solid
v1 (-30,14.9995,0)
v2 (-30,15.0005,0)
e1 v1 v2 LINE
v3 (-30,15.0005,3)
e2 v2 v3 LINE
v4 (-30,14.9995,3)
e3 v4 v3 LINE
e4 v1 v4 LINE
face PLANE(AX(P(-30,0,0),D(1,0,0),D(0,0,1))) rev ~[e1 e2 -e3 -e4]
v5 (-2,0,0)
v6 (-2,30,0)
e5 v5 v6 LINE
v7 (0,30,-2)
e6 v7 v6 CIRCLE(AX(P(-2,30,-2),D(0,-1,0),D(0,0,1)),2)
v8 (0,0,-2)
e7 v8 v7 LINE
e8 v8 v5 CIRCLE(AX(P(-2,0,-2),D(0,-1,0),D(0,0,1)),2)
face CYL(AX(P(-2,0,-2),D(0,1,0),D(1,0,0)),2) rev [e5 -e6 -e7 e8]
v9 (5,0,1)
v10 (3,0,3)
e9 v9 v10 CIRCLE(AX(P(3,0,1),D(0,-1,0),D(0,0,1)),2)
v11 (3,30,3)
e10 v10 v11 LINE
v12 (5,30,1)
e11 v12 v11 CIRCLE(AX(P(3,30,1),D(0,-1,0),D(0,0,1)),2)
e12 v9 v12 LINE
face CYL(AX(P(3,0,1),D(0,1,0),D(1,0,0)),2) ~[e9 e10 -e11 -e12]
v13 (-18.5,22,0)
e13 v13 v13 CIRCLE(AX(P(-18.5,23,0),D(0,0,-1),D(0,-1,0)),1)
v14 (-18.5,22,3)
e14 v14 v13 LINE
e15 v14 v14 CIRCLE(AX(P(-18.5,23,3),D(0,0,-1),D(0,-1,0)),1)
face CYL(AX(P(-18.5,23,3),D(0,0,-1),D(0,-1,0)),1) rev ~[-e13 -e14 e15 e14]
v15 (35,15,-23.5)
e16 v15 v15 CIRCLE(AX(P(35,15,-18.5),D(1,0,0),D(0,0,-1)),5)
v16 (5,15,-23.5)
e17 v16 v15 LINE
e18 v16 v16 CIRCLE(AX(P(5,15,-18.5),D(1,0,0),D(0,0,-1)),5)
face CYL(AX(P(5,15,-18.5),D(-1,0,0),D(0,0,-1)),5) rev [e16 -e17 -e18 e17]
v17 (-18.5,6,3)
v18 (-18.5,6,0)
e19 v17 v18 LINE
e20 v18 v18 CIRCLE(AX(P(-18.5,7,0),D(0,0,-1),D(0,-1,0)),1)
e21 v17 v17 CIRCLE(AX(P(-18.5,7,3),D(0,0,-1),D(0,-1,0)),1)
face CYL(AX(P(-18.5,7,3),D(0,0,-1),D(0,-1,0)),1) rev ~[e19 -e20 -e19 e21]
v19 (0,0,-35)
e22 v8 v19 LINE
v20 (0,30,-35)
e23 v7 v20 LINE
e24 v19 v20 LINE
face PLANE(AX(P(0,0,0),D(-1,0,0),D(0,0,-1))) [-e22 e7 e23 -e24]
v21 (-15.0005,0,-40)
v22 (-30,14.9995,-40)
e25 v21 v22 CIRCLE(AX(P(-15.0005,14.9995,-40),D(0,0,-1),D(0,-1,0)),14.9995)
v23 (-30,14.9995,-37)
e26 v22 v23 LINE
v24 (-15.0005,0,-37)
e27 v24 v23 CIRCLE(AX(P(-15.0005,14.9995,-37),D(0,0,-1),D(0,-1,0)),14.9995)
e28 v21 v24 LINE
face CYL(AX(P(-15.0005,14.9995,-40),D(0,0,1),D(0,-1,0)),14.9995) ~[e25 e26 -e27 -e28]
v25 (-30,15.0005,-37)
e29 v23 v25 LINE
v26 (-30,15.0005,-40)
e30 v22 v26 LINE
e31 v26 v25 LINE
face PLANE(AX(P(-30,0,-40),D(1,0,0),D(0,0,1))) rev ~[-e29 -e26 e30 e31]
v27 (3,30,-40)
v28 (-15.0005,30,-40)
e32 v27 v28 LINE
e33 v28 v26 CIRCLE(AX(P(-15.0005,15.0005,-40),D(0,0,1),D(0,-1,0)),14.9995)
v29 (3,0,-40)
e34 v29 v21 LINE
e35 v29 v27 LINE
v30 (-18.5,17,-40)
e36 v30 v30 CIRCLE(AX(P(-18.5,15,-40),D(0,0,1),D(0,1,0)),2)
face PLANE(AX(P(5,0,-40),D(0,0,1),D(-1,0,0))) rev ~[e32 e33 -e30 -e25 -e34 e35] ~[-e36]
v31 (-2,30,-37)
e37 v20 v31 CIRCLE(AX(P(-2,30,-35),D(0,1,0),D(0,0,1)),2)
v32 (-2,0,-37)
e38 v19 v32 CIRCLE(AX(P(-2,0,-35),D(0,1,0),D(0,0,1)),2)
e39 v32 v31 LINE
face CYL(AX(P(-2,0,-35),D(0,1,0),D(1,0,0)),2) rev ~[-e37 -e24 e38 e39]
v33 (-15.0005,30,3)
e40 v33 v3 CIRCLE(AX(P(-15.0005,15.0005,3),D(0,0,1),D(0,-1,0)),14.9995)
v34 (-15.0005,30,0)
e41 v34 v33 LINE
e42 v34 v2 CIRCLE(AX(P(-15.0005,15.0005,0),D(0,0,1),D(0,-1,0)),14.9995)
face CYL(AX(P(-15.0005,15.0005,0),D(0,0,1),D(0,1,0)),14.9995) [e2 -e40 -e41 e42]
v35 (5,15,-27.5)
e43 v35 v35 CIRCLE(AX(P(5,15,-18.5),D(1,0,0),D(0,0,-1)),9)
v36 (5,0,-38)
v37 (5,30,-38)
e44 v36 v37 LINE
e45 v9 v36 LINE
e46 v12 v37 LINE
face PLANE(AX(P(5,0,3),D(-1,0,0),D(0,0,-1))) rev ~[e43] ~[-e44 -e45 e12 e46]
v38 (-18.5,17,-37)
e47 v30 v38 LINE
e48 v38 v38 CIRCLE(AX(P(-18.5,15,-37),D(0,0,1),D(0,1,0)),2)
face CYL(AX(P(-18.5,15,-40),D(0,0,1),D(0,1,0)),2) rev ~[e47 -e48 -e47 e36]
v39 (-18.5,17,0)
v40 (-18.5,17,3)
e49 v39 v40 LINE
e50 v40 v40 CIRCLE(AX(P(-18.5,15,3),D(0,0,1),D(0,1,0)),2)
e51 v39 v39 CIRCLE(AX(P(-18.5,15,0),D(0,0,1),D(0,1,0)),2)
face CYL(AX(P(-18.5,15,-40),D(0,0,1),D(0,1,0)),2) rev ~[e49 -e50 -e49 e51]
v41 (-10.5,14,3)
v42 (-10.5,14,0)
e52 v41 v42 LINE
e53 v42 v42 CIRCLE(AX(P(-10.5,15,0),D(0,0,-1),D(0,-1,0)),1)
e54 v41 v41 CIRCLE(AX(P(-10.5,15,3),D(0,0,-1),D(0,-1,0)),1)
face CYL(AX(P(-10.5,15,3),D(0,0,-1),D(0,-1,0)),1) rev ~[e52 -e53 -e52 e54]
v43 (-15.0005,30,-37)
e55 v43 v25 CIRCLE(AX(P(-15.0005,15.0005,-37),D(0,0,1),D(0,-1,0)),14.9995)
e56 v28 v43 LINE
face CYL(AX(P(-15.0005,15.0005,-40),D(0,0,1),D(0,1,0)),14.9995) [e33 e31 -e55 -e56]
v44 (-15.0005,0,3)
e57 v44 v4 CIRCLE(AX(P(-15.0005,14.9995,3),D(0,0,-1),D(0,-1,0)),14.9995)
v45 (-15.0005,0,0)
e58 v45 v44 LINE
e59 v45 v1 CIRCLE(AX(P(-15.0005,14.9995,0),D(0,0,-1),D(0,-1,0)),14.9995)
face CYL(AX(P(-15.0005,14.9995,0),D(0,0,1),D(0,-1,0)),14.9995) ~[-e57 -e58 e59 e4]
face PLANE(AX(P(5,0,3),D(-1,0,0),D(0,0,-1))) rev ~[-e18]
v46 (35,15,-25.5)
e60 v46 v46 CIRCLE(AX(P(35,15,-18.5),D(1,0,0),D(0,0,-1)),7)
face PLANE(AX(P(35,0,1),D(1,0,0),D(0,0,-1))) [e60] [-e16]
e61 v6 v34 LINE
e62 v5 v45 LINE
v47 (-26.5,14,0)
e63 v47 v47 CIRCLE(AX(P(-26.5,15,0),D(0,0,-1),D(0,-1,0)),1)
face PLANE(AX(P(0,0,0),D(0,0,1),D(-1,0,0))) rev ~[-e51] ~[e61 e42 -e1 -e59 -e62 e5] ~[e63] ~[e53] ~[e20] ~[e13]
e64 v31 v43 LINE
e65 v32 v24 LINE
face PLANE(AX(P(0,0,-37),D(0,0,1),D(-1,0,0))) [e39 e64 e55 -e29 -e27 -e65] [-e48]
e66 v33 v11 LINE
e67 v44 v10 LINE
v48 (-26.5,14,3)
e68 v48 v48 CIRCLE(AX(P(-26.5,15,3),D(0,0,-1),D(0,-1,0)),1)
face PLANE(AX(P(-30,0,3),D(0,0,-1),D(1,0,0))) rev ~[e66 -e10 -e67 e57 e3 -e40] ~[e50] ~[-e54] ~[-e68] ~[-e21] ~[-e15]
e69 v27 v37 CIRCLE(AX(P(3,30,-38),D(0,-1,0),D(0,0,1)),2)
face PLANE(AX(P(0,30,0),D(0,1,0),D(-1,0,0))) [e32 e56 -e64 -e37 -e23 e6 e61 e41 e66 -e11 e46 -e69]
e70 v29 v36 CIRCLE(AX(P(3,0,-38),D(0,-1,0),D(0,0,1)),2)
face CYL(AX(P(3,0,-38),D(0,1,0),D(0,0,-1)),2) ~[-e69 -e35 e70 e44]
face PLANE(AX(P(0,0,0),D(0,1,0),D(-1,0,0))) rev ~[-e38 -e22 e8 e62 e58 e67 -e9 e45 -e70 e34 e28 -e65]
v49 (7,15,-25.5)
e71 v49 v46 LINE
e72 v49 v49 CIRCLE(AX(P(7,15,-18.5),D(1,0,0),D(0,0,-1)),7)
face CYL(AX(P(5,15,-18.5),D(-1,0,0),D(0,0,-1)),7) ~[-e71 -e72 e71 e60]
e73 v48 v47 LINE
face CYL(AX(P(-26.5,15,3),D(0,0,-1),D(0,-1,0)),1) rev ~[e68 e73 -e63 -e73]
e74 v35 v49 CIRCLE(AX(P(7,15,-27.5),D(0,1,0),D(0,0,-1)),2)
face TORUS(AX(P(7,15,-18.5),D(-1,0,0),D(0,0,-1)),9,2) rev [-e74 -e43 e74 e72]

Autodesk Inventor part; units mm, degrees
ref_plane "YZ Plane" through (0, 0, 0) normal (1, 0, 0) x (0, 1, 0)
ref_plane "XZ Plane" through (0, 0, 0) normal (0, 1, 0) x (-1, 0, 0)
ref_plane "XY Plane" through (0, 0, 0) normal (0, 0, 1) x (1, 0, 0)
sketch "Sketch1" plane through (0, 0, 0) normal (0, 1, 0) x (-1, 0, 0)
  line L0 (0, 0) -> (30, 0)
  line L1 (0, 0) -> (0, -37)
  line L2 (0, -37) -> (30, -37)
  line L3 (30, 0) -> (30, 3)
  line L4 (30, 3) -> (-5, 3)
  line L5 (-5, 3) -> (-5, -40)
  line L6 (-5, -40) -> (30, -40)
  line L7 (30, -40) -> (30, -37)
  dimension "d0" = 30
  dimension "d1" = 37
  dimension "d2" = 30
  dimension "d3" = 90
  dimension "d4" = 3
  dimension "d5" = 35
  dimension "d6" = 43
extrude "Extrusion1" add sketch "Sketch1" along normal blind 30
fillet "Fillet1" radius 2 4 edges at (5, 15, 3) (5, 15, -40) (0, 15, -37) (0, 15, 0)
sketch "Sketch2" plane through (5, 0, 1) normal (1, 0, 0) x (0, 0, -1)
  line L0 (39, 30) -> (39, 0) projected
  line L1 (0, 30) -> (39, 30) projected
  line L2 (0, 0) -> (0, 30) projected
  line L3 (0, 0) -> (39, 0) projected
  circle A0 centre (19.5, 15) radius 5
  circle A1 centre (19.5, 15) radius 7
  point P0 (1, 0)
  dimension "d10" = 10
  dimension "d11" = 14
extrude "Extrusion2" add sketch "Sketch2" along normal blind 30 contours A1
fillet "Fillet2" radius 2 1 edges at (5, 15, -11.5)
fillet "Fillet3" radius 15 4 edges at (-30, 30, 1.5) (-30, 0, 1.5) (-30, 30, -38.5) (-30, 0, -38.5)
sketch "Sketch3" plane through (3, 0, 3) normal (0, 0, 1) x (1, 0, 0)
  arc A0 (-18, 30) -> (-18, 0) centre (-18, 15) ccw projected
  line L0 (-18, 0) -> (0, 0) projected
  line L1 (0, 30) -> (0, 0) projected
  line L2 (-18, 30) -> (0, 30) projected
  circle A1 centre (-21.5, 15) radius 11
  point P0 (-3, 0)
  point P1 (-29.5, 15)
  point P2 (-21.5, 23)
  point P3 (-13.5, 15)
  point P4 (-21.5, 7)
  dimension "d16" = 22
  dimension "d18" = 8
  dimension "d19" = 8
  dimension "d20" = 8
  dimension "d21" = 8
hole "Hole1" at (-18.5, 15, 3) at (-26.5, 15, 3) at (-18.5, 23, 3) at (-10.5, 15, 3) at (-18.5, 7, 3) direction (0, 0, -1) diameter 2 depth 8 tip angle 118
sketch "Sketch4" plane through (3, 0, -40) normal (0, 0, -1) x (-1, 0, 0)
  circle A0 centre (13.5, 15) radius 1 projected
  circle A1 centre (29.5, 15) radius 1 projected
  circle A2 centre (21.5, 15) radius 1 projected
  circle A3 centre (21.5, 23) radius 1 projected
  circle A4 centre (21.5, 7) radius 1 projected
  arc A5 (18, 0) -> (18, 30) centre (18, 15) ccw projected
  line L0 (5, 30) -> (18, 30) projected
  line L1 (5, 0) -> (5, 30) projected
  line L2 (5, 0) -> (18, 0) projected
  point P0 (3, 0)
hole "Hole2" at (-18.5, 15, -40) direction (0, 0, 1) diameter 4 end through all
properties part number "Pen"
